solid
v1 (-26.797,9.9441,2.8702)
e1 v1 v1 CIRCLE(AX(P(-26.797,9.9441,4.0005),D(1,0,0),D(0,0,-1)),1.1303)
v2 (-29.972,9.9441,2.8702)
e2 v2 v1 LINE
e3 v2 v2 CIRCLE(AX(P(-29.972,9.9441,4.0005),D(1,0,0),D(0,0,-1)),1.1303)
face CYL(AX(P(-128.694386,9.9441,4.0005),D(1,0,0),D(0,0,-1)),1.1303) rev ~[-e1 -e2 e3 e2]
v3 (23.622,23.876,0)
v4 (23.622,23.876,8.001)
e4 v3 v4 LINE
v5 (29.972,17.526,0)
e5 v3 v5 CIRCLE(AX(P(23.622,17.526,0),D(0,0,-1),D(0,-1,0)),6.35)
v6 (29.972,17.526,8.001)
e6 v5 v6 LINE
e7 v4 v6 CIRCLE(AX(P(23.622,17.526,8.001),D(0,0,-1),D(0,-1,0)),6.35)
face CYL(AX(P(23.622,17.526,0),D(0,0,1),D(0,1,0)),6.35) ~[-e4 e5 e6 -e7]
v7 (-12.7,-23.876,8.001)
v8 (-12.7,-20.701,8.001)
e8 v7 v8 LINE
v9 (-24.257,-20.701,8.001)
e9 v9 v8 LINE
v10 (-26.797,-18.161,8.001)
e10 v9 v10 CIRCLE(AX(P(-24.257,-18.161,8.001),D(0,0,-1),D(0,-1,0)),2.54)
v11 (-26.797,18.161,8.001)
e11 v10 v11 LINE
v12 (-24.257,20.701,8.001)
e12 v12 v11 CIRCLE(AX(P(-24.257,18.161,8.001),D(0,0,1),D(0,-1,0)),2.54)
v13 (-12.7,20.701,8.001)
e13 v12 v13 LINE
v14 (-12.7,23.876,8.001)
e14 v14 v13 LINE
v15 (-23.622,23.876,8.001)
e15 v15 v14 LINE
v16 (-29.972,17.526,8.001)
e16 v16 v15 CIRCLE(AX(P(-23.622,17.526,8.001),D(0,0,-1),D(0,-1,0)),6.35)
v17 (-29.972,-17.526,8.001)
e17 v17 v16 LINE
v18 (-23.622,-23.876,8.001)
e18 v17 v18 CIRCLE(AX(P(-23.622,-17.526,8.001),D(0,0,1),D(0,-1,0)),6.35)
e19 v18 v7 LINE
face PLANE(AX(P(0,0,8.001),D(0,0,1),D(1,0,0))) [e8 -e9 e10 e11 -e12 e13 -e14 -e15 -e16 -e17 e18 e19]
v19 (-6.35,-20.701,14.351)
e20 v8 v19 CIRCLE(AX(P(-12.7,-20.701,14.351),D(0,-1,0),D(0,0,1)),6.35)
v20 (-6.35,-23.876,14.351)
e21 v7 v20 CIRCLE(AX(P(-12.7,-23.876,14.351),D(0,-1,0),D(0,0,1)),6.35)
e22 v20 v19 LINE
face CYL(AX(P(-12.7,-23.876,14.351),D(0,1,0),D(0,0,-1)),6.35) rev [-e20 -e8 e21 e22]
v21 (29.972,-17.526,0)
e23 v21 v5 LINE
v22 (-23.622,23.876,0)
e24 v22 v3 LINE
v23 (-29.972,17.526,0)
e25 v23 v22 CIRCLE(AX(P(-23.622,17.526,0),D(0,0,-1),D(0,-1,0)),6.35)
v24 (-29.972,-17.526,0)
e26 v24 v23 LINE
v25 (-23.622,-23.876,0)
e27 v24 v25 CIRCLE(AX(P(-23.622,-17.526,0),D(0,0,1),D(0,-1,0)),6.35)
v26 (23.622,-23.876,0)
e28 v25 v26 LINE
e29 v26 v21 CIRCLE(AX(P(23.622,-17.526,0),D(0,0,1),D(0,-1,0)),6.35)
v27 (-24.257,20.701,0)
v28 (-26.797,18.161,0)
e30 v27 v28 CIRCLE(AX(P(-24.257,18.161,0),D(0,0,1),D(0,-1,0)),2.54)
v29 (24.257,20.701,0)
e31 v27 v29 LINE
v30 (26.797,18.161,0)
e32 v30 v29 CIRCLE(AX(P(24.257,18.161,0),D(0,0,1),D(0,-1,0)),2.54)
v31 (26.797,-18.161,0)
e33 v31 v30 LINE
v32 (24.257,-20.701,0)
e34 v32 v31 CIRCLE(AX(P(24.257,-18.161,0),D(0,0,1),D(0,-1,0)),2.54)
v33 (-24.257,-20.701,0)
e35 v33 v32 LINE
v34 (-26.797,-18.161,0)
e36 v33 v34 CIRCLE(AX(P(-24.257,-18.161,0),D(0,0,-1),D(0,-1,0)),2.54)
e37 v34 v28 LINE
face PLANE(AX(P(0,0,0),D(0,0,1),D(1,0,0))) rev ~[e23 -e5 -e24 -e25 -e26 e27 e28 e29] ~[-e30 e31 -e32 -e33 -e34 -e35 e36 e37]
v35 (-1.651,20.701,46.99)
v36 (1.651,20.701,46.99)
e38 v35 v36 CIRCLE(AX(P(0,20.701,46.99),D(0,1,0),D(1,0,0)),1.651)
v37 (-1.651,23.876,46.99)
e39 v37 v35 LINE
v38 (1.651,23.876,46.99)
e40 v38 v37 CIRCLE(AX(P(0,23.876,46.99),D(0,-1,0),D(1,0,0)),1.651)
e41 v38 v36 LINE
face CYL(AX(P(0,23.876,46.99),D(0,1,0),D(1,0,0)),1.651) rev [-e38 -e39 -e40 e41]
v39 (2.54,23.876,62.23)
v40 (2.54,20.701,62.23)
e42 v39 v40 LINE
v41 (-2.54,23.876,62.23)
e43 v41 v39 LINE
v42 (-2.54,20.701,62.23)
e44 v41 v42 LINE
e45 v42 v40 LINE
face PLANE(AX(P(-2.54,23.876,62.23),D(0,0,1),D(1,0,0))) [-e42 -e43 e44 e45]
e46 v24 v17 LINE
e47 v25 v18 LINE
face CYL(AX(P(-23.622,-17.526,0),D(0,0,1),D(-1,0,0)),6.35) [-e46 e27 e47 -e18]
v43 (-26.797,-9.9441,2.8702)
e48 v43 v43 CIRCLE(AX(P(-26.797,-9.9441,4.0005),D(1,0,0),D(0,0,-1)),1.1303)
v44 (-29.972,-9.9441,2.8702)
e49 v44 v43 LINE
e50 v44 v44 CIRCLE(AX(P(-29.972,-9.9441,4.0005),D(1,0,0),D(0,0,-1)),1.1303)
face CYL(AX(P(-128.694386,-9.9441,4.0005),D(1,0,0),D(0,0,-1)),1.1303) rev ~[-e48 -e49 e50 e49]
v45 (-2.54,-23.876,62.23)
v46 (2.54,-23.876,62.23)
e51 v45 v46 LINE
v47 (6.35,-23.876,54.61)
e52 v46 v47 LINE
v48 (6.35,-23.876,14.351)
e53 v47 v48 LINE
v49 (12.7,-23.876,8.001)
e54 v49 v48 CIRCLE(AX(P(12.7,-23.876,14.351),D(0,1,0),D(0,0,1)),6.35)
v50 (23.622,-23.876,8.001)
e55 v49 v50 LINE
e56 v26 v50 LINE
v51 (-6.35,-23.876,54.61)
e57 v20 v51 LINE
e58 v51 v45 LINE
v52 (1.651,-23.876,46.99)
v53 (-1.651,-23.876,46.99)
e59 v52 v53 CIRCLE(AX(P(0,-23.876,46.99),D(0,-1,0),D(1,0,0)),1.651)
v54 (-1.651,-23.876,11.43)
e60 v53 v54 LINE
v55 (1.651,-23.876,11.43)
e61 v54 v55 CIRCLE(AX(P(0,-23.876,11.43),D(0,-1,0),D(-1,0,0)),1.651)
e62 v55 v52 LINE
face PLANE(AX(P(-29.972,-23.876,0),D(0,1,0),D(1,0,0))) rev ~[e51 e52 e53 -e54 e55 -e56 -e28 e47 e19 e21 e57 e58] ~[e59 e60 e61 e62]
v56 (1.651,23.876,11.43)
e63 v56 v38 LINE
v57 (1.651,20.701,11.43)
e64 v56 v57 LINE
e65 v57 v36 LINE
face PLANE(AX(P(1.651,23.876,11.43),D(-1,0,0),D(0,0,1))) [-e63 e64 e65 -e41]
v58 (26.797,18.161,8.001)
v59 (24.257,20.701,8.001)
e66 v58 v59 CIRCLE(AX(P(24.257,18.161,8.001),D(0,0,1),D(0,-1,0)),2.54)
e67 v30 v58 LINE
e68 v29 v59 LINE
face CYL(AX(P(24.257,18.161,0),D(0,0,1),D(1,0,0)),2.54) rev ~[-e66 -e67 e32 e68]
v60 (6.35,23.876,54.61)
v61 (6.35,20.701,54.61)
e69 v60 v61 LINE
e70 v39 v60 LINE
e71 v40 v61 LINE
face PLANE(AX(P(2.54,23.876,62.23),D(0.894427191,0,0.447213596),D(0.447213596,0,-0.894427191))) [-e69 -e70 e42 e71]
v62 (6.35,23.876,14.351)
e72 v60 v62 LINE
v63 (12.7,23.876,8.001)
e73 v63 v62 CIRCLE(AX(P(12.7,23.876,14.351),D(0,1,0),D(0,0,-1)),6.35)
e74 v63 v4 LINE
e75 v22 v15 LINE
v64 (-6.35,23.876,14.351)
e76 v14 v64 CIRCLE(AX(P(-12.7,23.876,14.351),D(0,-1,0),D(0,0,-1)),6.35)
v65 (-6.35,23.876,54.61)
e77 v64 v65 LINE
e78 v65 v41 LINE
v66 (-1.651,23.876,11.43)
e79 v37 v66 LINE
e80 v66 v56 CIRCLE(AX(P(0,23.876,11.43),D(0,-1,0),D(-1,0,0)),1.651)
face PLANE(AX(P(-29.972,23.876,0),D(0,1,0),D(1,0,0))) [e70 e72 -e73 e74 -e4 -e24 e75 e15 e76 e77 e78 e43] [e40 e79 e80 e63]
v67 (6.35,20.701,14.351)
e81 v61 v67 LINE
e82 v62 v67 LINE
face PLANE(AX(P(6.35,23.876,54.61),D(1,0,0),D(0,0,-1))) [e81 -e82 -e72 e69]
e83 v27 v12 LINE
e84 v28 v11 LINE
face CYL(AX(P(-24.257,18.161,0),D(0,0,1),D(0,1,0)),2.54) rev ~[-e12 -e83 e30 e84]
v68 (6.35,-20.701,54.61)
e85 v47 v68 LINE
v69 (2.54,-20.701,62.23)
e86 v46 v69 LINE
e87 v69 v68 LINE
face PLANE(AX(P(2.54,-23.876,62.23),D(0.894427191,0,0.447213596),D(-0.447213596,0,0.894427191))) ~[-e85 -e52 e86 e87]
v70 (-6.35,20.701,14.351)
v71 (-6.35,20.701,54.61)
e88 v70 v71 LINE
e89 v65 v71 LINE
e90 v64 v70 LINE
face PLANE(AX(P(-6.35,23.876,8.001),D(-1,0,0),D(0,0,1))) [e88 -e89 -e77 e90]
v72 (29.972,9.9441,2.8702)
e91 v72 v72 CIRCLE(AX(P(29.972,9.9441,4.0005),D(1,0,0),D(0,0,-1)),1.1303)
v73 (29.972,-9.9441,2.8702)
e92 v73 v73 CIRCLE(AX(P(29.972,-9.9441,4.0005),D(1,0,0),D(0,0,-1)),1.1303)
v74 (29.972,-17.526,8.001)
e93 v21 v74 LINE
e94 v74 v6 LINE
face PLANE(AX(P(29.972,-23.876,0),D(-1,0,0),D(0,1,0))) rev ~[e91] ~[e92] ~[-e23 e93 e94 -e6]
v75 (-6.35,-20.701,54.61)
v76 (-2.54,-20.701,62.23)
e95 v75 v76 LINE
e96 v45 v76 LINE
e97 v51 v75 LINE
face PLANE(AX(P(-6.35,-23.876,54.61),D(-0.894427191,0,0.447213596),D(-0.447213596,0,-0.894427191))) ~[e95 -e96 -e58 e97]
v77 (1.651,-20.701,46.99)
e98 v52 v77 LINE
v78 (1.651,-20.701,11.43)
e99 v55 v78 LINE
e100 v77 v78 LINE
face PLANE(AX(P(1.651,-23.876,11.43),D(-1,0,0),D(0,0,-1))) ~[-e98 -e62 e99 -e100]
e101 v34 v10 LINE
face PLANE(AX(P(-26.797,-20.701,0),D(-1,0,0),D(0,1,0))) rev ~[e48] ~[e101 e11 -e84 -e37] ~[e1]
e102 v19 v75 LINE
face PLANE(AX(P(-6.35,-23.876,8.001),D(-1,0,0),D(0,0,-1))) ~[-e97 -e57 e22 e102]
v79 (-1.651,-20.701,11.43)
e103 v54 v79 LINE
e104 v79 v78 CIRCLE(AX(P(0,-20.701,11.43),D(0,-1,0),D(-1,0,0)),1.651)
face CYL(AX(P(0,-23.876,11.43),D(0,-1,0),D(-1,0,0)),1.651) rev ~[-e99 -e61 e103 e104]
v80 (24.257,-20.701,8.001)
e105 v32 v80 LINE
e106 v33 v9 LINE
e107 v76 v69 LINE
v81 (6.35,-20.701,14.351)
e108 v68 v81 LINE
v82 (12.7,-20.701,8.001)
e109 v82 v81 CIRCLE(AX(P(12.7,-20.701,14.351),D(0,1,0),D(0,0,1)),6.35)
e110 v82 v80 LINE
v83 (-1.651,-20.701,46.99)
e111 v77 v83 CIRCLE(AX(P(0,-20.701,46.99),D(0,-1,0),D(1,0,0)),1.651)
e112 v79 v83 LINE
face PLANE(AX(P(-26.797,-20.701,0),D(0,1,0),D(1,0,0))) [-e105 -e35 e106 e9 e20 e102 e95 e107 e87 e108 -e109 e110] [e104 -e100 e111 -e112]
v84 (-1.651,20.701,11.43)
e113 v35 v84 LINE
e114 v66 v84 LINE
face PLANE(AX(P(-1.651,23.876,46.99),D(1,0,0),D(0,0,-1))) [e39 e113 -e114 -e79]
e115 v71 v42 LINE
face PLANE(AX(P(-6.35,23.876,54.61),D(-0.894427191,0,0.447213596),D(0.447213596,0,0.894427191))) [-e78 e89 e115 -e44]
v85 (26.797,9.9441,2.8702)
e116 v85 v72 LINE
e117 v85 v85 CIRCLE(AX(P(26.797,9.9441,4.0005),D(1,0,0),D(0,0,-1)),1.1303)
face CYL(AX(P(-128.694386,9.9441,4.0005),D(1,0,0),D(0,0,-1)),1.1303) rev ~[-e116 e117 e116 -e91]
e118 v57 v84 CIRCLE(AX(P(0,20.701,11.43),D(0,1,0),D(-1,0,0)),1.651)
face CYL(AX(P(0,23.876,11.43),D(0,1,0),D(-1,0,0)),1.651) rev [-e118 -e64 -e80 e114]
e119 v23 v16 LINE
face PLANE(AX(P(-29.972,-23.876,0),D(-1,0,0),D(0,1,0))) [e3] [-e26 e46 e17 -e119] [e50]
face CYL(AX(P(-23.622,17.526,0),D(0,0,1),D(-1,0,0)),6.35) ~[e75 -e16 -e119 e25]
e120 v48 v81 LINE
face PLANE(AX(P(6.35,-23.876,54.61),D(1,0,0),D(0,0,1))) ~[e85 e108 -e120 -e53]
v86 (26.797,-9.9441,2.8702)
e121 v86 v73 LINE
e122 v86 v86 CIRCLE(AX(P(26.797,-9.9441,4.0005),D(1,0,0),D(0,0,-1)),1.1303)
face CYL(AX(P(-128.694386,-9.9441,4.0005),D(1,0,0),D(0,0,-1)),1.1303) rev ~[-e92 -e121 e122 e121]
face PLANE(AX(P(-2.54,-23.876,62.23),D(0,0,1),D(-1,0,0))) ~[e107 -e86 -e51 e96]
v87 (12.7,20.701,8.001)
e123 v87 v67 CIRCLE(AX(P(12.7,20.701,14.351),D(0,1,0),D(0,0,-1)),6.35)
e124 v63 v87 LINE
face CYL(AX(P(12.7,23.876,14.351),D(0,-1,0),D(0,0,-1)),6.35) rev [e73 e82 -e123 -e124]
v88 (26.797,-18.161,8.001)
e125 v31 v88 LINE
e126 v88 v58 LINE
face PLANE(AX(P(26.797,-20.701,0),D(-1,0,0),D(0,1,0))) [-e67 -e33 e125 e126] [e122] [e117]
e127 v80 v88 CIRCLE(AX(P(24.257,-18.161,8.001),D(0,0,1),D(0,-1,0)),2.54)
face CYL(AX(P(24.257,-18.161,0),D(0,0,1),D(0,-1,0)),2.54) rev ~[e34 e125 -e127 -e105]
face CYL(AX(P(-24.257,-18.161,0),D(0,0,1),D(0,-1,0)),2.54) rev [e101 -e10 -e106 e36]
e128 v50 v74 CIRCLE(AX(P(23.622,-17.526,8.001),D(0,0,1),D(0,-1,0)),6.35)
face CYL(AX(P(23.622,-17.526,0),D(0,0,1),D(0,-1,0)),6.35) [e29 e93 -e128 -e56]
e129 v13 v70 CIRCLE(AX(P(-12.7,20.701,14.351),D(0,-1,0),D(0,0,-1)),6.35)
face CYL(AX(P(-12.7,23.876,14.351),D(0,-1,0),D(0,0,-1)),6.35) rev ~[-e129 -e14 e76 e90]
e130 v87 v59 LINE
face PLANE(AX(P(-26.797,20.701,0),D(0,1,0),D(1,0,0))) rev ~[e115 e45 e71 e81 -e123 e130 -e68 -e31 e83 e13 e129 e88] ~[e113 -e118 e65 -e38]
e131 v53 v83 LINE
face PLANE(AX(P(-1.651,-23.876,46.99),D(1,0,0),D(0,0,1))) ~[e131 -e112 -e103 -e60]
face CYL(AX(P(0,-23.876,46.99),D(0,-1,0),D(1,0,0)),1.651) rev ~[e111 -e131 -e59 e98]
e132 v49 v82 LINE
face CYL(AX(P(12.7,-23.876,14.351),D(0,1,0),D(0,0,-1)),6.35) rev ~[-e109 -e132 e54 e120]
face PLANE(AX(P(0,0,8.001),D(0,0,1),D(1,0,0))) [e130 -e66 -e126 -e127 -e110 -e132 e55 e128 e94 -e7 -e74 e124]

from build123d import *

# Parameters (mm, degrees)
SKETCH1_W             = 59.944
SKETCH1_H             = 47.752
SKETCH1_W_2           = 53.594
SKETCH1_H_2           = 41.402
BOSS_EXTRUDE1_DEPTH   = 8.001
BOSS_EXTRUDE2_DEPTH   = 3.175
CUT_EXTRUDE1_DEPTH    = 3.302
F_4_40_TAPPED_HOLE1_D = 2.2606
FILLET1_R             = 6.35
FILLET2_R             = 2.54
FILLET3_R             = 6.35


with BuildPart() as part:
    # Sketch1 → Boss-Extrude1 (new body)
    with BuildSketch(Plane.XY):
        Rectangle(SKETCH1_W, SKETCH1_H)
        Rectangle(SKETCH1_W_2, SKETCH1_H_2, mode=Mode.SUBTRACT)
    extrude(amount=BOSS_EXTRUDE1_DEPTH)

    # Sketch2 → Boss-Extrude2 (add)
    with BuildSketch(Plane(origin=(0, 23.876, 0), x_dir=(1, 0, 0), z_dir=(0, 1, 0))):
        Polygon((-6.35, -8.001), (-6.35, -54.61), (-2.54, -62.23), (2.54, -62.23), (6.35, -54.61), (6.35, -8.001), align=None)
    boss_extrude2 = extrude(amount=-BOSS_EXTRUDE2_DEPTH)

    # Sketch3 → Cut-Extrude1 (cut)
    with BuildSketch(Plane(origin=(0, 23.876, 0), x_dir=(1, 0, 0), z_dir=(0, 1, 0))):
        with BuildLine():
            Line((-1.651, -46.99), (-1.651, -11.43))
            ThreePointArc((-1.651, -11.43), (0, -9.779), (1.651, -11.43))
            Line((1.651, -11.43), (1.651, -46.99))
            ThreePointArc((1.651, -46.99), (0, -48.641), (-1.651, -46.99))
        make_face()
    cut_extrude1 = extrude(amount=-CUT_EXTRUDE1_DEPTH, mode=Mode.SUBTRACT)

    # Mirror1: Boss-Extrude2, Cut-Extrude1 across plane
    add(boss_extrude2.mirror(Plane.ZX))
    add(cut_extrude1.mirror(Plane.ZX), mode=Mode.SUBTRACT)

    # #4-40 Tapped Hole1 (through all)
    with Locations(Plane.ZY.offset(29.972)):
        with Locations((4.0005, 9.9441), (4.0005, -9.9441)):
            Hole(F_4_40_TAPPED_HOLE1_D / 2)

    # Fillet1
    fillet1_edges = [part.edges().sort_by_distance(p)[0] for p in [
        (29.972, -23.876, 4.0005),
        (-29.972, -23.876, 4.0005),
        (-29.972, 23.876, 4.0005),
        (29.972, 23.876, 4.0005),
    ]]
    fillet(fillet1_edges, radius=FILLET1_R)

    # Fillet2
    fillet2_edges = [part.edges().sort_by_distance(p)[0] for p in [
        (26.797, -20.701, 4.0005),
        (26.797, 20.701, 4.0005),
        (-26.797, 20.701, 4.0005),
        (-26.797, -20.701, 4.0005),
    ]]
    fillet(fillet2_edges, radius=FILLET2_R)

    # Fillet3
    fillet3_edges = [part.edges().sort_by_distance(p)[0] for p in [
        (-6.35, 22.2885, 8.001),
        (6.35, 22.2885, 8.001),
        (-6.35, -22.2885, 8.001),
        (6.35, -22.2885, 8.001),
    ]]
    fillet(fillet3_edges, radius=FILLET3_R)


solid = part.part
